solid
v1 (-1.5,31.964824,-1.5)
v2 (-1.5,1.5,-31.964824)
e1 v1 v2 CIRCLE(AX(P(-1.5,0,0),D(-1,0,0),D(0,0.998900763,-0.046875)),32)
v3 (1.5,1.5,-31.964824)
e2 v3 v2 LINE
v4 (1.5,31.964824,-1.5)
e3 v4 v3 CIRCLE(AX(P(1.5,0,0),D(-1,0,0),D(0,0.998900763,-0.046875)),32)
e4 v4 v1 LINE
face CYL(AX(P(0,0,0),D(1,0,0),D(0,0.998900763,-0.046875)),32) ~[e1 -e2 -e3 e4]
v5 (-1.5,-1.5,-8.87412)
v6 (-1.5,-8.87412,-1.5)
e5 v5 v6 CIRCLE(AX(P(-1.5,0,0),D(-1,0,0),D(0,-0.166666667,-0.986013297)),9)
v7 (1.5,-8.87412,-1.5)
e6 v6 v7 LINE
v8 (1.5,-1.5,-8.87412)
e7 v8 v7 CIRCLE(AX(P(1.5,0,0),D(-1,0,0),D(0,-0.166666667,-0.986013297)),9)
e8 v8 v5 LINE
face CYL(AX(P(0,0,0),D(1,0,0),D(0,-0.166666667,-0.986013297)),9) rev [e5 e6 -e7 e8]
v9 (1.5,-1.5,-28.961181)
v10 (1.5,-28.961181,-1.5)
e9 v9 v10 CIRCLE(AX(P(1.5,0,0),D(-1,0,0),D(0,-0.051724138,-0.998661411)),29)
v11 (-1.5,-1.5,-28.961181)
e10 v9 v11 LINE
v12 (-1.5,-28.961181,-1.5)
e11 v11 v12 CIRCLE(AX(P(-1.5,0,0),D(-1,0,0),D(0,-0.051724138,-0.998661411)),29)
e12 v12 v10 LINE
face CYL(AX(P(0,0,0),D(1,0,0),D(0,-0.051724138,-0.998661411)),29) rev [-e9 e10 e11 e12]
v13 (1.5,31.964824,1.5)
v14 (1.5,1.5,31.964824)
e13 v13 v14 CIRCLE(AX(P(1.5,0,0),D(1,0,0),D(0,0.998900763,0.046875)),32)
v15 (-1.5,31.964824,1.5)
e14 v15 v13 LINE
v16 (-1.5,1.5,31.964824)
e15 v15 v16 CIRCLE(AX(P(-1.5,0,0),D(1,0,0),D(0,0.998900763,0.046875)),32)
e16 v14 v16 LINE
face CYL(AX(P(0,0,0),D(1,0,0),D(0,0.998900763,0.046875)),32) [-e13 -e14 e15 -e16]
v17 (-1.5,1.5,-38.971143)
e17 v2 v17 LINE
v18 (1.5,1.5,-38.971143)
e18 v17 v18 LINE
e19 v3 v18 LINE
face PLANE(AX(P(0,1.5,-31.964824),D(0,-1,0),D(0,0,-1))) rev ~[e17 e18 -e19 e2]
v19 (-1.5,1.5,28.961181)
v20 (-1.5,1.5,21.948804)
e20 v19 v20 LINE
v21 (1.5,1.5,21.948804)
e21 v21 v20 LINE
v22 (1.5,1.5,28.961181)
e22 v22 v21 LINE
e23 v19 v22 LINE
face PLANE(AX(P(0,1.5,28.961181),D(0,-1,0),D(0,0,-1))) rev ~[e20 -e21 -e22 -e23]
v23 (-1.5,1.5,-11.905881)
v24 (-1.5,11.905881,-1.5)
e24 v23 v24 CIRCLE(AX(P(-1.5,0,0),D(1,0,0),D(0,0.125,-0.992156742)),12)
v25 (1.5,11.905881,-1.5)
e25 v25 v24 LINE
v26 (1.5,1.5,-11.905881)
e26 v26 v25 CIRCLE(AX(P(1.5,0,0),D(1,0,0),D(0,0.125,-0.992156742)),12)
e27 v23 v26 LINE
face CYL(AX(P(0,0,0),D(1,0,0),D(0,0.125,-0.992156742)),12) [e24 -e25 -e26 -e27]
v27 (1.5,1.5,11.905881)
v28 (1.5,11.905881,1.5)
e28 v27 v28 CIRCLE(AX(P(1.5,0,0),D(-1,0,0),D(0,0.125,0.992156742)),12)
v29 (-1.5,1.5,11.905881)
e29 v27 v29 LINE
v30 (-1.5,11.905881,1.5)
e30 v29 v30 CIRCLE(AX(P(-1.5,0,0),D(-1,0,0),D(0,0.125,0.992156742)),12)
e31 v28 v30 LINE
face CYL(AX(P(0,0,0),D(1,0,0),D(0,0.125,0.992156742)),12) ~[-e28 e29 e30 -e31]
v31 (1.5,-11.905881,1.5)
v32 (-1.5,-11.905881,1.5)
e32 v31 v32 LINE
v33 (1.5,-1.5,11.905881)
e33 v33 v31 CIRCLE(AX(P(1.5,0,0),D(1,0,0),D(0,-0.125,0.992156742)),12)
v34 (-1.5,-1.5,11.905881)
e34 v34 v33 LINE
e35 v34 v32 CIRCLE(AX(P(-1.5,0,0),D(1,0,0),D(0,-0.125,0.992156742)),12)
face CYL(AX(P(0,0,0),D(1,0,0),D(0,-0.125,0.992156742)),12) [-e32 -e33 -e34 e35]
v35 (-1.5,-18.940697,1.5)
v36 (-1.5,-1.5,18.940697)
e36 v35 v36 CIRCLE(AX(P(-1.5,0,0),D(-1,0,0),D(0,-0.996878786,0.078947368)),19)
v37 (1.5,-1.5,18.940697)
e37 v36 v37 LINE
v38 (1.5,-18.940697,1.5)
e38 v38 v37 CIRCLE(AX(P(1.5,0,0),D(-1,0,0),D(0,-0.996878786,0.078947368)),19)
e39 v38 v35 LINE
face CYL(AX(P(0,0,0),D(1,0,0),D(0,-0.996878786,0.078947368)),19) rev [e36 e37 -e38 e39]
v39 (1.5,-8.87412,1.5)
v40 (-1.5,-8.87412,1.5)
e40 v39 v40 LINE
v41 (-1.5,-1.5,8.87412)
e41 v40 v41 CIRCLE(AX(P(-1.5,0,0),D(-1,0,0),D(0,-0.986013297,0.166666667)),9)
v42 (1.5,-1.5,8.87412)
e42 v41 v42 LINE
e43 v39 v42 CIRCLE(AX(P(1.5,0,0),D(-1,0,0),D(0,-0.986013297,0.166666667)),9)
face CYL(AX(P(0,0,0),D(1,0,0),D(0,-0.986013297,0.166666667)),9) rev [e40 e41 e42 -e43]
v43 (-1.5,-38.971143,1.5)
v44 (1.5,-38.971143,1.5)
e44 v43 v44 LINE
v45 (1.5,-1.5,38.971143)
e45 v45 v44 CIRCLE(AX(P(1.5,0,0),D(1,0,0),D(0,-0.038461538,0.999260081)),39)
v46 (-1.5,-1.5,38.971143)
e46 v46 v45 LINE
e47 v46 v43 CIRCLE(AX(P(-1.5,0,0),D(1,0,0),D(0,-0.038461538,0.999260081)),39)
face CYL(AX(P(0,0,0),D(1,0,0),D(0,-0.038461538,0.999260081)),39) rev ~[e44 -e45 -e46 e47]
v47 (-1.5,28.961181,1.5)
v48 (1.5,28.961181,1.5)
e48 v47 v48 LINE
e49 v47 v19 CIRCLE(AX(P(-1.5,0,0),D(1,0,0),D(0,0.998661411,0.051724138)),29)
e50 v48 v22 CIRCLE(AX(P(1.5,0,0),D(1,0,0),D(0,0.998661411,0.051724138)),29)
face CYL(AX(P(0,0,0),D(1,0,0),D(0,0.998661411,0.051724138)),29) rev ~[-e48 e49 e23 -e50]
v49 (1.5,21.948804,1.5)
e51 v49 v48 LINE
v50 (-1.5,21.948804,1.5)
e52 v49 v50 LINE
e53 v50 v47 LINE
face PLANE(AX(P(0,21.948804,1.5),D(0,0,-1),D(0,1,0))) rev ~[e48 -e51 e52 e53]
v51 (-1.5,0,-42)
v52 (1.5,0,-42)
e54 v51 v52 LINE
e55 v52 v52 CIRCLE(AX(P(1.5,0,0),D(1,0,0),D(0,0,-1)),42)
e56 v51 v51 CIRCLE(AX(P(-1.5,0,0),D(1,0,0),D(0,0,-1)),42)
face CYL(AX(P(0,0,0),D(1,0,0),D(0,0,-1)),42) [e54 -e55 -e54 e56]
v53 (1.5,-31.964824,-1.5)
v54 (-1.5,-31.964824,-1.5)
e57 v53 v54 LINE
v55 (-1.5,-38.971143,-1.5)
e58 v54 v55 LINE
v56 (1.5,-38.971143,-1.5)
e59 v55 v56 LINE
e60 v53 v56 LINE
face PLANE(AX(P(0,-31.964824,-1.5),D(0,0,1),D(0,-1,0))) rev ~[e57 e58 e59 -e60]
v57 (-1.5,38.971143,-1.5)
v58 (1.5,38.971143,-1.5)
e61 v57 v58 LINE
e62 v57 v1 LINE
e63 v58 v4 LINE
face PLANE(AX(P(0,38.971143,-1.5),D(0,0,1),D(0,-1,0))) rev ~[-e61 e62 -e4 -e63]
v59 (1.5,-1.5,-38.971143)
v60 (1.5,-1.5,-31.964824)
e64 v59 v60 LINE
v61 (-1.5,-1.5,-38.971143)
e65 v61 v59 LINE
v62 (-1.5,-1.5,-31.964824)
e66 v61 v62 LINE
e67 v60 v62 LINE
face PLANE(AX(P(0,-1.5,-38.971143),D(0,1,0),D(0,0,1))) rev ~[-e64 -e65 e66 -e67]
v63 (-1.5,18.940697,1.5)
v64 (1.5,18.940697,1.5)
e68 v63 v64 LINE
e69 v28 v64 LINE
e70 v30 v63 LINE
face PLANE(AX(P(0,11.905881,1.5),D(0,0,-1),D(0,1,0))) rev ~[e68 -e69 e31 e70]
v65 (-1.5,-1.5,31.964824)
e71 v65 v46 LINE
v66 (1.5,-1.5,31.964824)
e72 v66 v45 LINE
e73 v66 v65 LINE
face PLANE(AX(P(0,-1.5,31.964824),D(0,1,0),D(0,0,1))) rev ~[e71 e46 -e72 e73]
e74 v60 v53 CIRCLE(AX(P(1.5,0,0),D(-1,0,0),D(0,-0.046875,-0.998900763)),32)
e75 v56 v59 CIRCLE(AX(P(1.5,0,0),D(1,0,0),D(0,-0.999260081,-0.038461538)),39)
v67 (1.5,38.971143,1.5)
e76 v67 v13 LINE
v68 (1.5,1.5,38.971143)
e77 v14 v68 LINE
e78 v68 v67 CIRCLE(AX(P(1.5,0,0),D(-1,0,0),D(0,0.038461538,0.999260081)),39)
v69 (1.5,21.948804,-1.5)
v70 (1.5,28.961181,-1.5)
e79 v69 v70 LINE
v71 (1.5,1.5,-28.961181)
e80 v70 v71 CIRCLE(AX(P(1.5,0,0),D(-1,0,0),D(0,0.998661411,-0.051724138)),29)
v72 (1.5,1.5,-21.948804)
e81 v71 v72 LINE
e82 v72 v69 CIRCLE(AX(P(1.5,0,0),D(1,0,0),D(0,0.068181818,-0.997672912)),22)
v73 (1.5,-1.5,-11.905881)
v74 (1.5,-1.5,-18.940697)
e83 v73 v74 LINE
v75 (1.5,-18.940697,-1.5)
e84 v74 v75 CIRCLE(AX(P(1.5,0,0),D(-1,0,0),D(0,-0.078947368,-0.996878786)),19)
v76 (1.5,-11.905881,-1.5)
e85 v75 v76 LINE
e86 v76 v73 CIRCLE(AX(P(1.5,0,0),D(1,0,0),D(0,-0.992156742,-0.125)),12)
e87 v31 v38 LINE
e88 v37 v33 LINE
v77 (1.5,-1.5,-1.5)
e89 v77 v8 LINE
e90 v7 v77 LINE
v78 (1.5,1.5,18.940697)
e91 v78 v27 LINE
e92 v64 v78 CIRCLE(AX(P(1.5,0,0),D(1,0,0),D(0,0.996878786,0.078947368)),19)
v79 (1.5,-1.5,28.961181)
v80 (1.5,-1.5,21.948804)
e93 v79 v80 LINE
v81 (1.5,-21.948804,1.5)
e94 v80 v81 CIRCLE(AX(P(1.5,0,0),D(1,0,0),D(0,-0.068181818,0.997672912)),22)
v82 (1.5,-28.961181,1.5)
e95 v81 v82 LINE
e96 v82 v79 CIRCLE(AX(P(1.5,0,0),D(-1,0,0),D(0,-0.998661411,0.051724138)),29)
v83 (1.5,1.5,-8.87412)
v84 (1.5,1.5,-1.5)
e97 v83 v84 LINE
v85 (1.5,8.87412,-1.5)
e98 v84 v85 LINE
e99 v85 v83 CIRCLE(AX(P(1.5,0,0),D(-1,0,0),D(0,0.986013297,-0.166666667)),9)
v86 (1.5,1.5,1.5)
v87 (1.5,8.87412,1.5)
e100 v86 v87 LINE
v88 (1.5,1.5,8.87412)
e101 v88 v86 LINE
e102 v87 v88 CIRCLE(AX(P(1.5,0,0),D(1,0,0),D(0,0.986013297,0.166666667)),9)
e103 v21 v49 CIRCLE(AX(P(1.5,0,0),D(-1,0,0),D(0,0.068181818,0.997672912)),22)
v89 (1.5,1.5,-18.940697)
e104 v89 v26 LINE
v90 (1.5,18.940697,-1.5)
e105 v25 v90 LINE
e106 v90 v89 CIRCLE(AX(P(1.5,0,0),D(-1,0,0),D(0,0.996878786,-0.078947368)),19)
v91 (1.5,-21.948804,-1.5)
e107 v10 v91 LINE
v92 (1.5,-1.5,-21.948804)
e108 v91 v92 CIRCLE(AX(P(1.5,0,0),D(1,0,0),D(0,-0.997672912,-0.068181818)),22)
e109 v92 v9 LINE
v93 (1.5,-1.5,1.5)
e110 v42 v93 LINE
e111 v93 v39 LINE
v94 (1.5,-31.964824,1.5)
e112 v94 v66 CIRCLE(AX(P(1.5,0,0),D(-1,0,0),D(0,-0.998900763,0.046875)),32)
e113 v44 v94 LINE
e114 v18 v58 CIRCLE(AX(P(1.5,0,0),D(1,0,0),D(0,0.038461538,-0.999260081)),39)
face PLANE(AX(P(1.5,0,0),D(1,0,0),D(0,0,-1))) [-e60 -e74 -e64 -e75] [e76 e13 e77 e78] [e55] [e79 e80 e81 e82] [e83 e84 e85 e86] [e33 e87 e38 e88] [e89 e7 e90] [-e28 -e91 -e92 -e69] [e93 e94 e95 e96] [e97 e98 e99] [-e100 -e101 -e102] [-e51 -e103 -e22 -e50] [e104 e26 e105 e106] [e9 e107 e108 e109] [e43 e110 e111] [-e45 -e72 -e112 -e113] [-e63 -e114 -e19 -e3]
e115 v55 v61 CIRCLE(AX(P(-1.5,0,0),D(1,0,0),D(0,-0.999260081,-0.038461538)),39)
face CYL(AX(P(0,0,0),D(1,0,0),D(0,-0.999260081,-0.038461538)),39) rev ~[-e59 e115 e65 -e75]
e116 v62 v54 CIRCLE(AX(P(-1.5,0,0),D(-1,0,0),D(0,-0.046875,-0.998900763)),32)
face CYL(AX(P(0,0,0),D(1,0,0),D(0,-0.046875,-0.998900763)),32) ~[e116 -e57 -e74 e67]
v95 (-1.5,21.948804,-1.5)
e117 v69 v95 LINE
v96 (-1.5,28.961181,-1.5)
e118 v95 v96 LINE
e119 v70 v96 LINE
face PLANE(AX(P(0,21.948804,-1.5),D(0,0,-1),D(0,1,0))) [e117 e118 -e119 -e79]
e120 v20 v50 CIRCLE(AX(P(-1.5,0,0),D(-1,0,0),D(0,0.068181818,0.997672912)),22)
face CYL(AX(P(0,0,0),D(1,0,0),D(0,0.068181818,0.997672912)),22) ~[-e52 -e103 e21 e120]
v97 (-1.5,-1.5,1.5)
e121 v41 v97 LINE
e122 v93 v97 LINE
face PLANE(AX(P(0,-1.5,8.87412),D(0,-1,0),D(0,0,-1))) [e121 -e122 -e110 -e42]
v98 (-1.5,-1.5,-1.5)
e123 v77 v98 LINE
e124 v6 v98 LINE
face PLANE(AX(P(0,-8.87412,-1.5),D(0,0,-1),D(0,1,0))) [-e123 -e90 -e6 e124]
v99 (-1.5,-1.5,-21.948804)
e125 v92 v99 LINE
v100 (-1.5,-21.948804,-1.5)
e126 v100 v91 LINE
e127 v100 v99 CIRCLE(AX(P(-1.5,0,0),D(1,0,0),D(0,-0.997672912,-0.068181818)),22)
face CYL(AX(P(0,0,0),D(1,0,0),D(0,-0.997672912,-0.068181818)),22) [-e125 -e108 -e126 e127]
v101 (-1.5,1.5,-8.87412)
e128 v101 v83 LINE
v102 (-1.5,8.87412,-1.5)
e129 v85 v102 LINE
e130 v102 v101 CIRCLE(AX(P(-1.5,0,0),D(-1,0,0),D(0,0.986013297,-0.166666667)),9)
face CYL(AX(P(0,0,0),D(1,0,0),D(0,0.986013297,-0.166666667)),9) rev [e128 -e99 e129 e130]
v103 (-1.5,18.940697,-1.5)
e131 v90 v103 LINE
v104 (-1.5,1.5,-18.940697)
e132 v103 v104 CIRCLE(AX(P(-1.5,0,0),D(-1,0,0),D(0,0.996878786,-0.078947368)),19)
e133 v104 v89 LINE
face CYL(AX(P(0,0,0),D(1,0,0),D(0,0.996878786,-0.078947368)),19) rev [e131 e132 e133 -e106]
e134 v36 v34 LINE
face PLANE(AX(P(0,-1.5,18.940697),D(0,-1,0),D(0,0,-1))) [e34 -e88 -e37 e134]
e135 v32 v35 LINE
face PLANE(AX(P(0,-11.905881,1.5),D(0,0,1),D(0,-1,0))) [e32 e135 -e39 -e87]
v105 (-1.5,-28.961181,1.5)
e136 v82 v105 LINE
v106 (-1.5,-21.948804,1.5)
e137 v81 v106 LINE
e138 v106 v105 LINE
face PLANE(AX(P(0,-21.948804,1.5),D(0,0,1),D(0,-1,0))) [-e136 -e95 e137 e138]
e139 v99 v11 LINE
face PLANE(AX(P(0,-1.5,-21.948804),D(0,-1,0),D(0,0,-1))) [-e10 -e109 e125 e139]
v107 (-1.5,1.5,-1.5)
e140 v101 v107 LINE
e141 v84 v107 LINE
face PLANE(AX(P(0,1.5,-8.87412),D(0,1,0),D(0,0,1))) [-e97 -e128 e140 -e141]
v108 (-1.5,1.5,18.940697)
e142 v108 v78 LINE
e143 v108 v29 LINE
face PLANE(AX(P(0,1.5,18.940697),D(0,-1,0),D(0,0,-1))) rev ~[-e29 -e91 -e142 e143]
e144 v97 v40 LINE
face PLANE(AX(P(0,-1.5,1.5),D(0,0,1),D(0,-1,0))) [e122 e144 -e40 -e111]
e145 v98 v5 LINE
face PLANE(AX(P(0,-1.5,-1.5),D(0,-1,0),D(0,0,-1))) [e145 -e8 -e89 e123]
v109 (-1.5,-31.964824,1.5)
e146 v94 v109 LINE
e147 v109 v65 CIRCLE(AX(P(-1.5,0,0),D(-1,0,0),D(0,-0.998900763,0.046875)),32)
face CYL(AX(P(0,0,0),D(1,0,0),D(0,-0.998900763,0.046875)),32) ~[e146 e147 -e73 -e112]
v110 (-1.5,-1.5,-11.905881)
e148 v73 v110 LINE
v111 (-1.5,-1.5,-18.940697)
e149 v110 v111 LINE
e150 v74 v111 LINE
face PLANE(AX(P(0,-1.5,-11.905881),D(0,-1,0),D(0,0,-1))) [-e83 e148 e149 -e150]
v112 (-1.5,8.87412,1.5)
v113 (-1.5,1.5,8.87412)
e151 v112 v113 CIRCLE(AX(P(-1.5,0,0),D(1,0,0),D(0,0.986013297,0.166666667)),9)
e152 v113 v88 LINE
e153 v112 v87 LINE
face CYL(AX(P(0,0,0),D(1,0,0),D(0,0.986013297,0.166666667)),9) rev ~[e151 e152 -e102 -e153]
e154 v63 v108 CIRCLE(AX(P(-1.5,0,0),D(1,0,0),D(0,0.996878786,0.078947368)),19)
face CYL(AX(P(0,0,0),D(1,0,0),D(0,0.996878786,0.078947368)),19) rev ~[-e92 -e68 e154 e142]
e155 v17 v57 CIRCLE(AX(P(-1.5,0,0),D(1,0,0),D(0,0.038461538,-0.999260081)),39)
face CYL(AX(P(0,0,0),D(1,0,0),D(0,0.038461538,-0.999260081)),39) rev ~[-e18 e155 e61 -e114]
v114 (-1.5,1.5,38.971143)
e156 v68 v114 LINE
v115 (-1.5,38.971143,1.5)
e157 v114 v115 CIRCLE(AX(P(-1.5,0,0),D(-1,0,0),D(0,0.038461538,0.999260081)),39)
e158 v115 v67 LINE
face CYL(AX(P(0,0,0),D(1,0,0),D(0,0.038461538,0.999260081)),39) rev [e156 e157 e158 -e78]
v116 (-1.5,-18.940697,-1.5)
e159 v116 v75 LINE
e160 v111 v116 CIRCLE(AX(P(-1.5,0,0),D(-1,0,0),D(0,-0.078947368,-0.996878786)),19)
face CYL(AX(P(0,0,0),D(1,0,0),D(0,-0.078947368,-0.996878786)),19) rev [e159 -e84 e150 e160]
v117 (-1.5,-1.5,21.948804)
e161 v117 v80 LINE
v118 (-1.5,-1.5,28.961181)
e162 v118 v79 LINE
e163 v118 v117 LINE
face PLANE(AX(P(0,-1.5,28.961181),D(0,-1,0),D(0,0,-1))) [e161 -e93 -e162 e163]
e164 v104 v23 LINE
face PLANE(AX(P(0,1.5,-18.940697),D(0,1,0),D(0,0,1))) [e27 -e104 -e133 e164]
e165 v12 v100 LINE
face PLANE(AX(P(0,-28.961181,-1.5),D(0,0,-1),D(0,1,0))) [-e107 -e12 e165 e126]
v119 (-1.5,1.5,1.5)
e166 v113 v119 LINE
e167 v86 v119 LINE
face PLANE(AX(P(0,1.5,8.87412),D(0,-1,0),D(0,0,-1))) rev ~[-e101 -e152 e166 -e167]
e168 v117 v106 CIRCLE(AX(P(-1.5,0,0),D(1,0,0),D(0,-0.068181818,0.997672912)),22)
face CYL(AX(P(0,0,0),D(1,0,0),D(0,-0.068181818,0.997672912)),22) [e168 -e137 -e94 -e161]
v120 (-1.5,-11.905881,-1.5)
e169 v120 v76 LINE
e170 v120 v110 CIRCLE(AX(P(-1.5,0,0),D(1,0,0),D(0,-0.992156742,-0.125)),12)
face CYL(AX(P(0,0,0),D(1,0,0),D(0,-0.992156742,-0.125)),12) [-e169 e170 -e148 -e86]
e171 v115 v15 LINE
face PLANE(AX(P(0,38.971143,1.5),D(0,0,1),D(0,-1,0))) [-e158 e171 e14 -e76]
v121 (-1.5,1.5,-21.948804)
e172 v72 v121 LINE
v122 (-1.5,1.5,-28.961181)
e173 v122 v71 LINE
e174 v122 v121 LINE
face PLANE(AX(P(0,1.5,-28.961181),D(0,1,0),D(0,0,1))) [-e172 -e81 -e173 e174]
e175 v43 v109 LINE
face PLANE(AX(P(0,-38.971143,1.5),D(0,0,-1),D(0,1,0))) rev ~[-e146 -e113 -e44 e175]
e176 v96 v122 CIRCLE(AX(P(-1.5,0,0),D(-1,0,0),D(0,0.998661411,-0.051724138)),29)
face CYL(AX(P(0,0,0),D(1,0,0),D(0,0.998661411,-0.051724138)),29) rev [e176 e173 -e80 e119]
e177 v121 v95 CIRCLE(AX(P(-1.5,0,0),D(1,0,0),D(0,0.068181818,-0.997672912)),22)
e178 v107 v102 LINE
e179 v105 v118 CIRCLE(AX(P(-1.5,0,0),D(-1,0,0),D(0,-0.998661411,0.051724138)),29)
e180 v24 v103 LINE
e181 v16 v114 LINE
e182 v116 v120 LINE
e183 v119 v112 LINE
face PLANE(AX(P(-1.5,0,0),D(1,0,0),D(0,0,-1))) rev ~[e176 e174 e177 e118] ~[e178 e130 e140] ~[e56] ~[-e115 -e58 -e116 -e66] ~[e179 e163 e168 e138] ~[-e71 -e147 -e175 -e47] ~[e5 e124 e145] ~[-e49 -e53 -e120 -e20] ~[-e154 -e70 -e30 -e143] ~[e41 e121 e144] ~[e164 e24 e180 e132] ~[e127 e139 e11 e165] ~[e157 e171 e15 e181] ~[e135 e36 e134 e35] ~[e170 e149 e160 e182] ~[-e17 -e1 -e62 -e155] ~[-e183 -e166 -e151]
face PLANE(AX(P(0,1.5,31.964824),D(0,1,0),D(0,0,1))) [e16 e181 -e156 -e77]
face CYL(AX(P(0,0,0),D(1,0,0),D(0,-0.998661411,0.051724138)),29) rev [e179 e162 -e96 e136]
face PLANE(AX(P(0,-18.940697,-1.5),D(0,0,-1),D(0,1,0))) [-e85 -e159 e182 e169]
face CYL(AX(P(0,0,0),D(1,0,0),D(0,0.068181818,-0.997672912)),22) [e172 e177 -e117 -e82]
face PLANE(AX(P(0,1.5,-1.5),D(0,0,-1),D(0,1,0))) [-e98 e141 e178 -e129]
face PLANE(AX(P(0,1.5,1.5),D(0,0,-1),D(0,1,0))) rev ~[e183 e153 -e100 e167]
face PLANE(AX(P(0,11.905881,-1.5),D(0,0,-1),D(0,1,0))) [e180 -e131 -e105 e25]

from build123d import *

# Parameters (mm, degrees)
SKETCH1_R           = 42
BOSS_EXTRUDE1_DEPTH = 1.5


with BuildPart() as part:
    # Sketch1 → Boss-Extrude1 (new, symmetric)
    with BuildSketch(Plane(origin=(0, 0, 0), x_dir=(0, 0, -1), z_dir=(1, 0, 0))):
        Circle(SKETCH1_R)
        with BuildLine():
            Line((-1.5, 38.97114317), (-1.5, 31.964824417))
            ThreePointArc((-1.5, 31.964824417), (-22.627416998, 22.627416998), (-31.964824417, 1.5))
            Line((-31.964824417, 1.5), (-38.97114317, 1.5))
            ThreePointArc((-38.97114317, 1.5), (-27.577164466, 27.577164466), (-1.5, 38.97114317))
        make_face(mode=Mode.SUBTRACT)
        with BuildLine():
            Line((1.5, 38.97114317), (1.5, 31.964824417))
            ThreePointArc((1.5, 31.964824417), (22.627416998, 22.627416998), (31.964824417, 1.5))
            Line((31.964824417, 1.5), (38.97114317, 1.5))
            ThreePointArc((38.97114317, 1.5), (27.577164466, 27.577164466), (1.5, 38.97114317))
        make_face(mode=Mode.SUBTRACT)
        with BuildLine():
            Line((38.97114317, -1.5), (31.964824417, -1.5))
            ThreePointArc((31.964824417, -1.5), (22.627416998, -22.627416998), (1.5, -31.964824417))
            Line((1.5, -31.964824417), (1.5, -38.97114317))
            ThreePointArc((1.5, -38.97114317), (27.577164466, -27.577164466), (38.97114317, -1.5))
        make_face(mode=Mode.SUBTRACT)
        with BuildLine():
            Line((-1.5, -38.97114317), (-1.5, -31.964824417))
            ThreePointArc((-1.5, -31.964824417), (-22.627416998, -22.627416998), (-31.964824417, -1.5))
            Line((-31.964824417, -1.5), (-38.97114317, -1.5))
            ThreePointArc((-38.97114317, -1.5), (-27.577164466, -27.577164466), (-1.5, -38.97114317))
        make_face(mode=Mode.SUBTRACT)
        with BuildLine():
            Line((-28.961180915, 1.5), (-21.948804068, 1.5))
            ThreePointArc((-21.948804068, 1.5), (-15.556349186, 15.556349186), (-1.5, 21.948804068))
            Line((-1.5, 21.948804068), (-1.5, 28.961180915))
            ThreePointArc((-1.5, 28.961180915), (-20.506096654, 20.506096654), (-28.961180915, 1.5))
        make_face(mode=Mode.SUBTRACT)
        with BuildLine():
            Line((-18.940696925, 1.5), (-11.9058809, 1.5))
            ThreePointArc((-11.9058809, 1.5), (-8.485281374, 8.485281374), (-1.5, 11.9058809))
            Line((-1.5, 11.9058809), (-1.5, 18.940696925))
            ThreePointArc((-1.5, 18.940696925), (-13.435028843, 13.435028843), (-18.940696925, 1.5))
        make_face(mode=Mode.SUBTRACT)
        with BuildLine():
            Line((-8.874119675, 1.5), (-1.5, 1.5))
            Line((-1.5, 1.5), (-1.5, 8.874119675))
            ThreePointArc((-1.5, 8.874119675), (-6.363961031, 6.363961031), (-8.874119675, 1.5))
        make_face(mode=Mode.SUBTRACT)
        with BuildLine():
            Line((-28.961180915, -1.5), (-21.948804068, -1.5))
            ThreePointArc((-21.948804068, -1.5), (-15.556349186, -15.556349186), (-1.5, -21.948804068))
            Line((-1.5, -21.948804068), (-1.5, -28.961180915))
            ThreePointArc((-1.5, -28.961180915), (-20.506096654, -20.506096654), (-28.961180915, -1.5))
        make_face(mode=Mode.SUBTRACT)
        with BuildLine():
            Line((-18.940696925, -1.5), (-11.9058809, -1.5))
            ThreePointArc((-11.9058809, -1.5), (-8.485281374, -8.485281374), (-1.5, -11.9058809))
            Line((-1.5, -11.9058809), (-1.5, -18.940696925))
            ThreePointArc((-1.5, -18.940696925), (-13.435028843, -13.435028843), (-18.940696925, -1.5))
        make_face(mode=Mode.SUBTRACT)
        with BuildLine():
            Line((-8.874119675, -1.5), (-1.5, -1.5))
            Line((-1.5, -1.5), (-1.5, -8.874119675))
            ThreePointArc((-1.5, -8.874119675), (-6.363961031, -6.363961031), (-8.874119675, -1.5))
        make_face(mode=Mode.SUBTRACT)
        with BuildLine():
            Line((1.5, -28.961180915), (1.5, -21.948804068))
            ThreePointArc((1.5, -21.948804068), (15.556349186, -15.556349186), (21.948804068, -1.5))
            Line((21.948804068, -1.5), (28.961180915, -1.5))
            ThreePointArc((28.961180915, -1.5), (20.506096654, -20.506096654), (1.5, -28.961180915))
        make_face(mode=Mode.SUBTRACT)
        with BuildLine():
            Line((1.5, -18.940696925), (1.5, -11.9058809))
            ThreePointArc((1.5, -11.9058809), (8.485281374, -8.485281374), (11.9058809, -1.5))
            Line((11.9058809, -1.5), (18.940696925, -1.5))
            ThreePointArc((18.940696925, -1.5), (13.435028843, -13.435028843), (1.5, -18.940696925))
        make_face(mode=Mode.SUBTRACT)
        with BuildLine():
            Line((1.5, -8.874119675), (1.5, -1.5))
            Line((1.5, -1.5), (8.874119675, -1.5))
            ThreePointArc((8.874119675, -1.5), (6.363961031, -6.363961031), (1.5, -8.874119675))
        make_face(mode=Mode.SUBTRACT)
        with BuildLine():
            Line((8.874119675, 1.5), (1.5, 1.5))
            Line((1.5, 1.5), (1.5, 8.874119675))
            ThreePointArc((1.5, 8.874119675), (6.363961031, 6.363961031), (8.874119675, 1.5))
        make_face(mode=Mode.SUBTRACT)
        with BuildLine():
            Line((18.940696925, 1.5), (11.9058809, 1.5))
            ThreePointArc((11.9058809, 1.5), (8.485281374, 8.485281374), (1.5, 11.9058809))
            Line((1.5, 11.9058809), (1.5, 18.940696925))
            ThreePointArc((1.5, 18.940696925), (13.435028843, 13.435028843), (18.940696925, 1.5))
        make_face(mode=Mode.SUBTRACT)
        with BuildLine():
            Line((28.961180915, 1.5), (21.948804068, 1.5))
            ThreePointArc((21.948804068, 1.5), (15.556349186, 15.556349186), (1.5, 21.948804068))
            Line((1.5, 21.948804068), (1.5, 28.961180915))
            ThreePointArc((1.5, 28.961180915), (20.506096654, 20.506096654), (28.961180915, 1.5))
        make_face(mode=Mode.SUBTRACT)
    extrude(amount=BOSS_EXTRUDE1_DEPTH, both=True)


solid = part.part
